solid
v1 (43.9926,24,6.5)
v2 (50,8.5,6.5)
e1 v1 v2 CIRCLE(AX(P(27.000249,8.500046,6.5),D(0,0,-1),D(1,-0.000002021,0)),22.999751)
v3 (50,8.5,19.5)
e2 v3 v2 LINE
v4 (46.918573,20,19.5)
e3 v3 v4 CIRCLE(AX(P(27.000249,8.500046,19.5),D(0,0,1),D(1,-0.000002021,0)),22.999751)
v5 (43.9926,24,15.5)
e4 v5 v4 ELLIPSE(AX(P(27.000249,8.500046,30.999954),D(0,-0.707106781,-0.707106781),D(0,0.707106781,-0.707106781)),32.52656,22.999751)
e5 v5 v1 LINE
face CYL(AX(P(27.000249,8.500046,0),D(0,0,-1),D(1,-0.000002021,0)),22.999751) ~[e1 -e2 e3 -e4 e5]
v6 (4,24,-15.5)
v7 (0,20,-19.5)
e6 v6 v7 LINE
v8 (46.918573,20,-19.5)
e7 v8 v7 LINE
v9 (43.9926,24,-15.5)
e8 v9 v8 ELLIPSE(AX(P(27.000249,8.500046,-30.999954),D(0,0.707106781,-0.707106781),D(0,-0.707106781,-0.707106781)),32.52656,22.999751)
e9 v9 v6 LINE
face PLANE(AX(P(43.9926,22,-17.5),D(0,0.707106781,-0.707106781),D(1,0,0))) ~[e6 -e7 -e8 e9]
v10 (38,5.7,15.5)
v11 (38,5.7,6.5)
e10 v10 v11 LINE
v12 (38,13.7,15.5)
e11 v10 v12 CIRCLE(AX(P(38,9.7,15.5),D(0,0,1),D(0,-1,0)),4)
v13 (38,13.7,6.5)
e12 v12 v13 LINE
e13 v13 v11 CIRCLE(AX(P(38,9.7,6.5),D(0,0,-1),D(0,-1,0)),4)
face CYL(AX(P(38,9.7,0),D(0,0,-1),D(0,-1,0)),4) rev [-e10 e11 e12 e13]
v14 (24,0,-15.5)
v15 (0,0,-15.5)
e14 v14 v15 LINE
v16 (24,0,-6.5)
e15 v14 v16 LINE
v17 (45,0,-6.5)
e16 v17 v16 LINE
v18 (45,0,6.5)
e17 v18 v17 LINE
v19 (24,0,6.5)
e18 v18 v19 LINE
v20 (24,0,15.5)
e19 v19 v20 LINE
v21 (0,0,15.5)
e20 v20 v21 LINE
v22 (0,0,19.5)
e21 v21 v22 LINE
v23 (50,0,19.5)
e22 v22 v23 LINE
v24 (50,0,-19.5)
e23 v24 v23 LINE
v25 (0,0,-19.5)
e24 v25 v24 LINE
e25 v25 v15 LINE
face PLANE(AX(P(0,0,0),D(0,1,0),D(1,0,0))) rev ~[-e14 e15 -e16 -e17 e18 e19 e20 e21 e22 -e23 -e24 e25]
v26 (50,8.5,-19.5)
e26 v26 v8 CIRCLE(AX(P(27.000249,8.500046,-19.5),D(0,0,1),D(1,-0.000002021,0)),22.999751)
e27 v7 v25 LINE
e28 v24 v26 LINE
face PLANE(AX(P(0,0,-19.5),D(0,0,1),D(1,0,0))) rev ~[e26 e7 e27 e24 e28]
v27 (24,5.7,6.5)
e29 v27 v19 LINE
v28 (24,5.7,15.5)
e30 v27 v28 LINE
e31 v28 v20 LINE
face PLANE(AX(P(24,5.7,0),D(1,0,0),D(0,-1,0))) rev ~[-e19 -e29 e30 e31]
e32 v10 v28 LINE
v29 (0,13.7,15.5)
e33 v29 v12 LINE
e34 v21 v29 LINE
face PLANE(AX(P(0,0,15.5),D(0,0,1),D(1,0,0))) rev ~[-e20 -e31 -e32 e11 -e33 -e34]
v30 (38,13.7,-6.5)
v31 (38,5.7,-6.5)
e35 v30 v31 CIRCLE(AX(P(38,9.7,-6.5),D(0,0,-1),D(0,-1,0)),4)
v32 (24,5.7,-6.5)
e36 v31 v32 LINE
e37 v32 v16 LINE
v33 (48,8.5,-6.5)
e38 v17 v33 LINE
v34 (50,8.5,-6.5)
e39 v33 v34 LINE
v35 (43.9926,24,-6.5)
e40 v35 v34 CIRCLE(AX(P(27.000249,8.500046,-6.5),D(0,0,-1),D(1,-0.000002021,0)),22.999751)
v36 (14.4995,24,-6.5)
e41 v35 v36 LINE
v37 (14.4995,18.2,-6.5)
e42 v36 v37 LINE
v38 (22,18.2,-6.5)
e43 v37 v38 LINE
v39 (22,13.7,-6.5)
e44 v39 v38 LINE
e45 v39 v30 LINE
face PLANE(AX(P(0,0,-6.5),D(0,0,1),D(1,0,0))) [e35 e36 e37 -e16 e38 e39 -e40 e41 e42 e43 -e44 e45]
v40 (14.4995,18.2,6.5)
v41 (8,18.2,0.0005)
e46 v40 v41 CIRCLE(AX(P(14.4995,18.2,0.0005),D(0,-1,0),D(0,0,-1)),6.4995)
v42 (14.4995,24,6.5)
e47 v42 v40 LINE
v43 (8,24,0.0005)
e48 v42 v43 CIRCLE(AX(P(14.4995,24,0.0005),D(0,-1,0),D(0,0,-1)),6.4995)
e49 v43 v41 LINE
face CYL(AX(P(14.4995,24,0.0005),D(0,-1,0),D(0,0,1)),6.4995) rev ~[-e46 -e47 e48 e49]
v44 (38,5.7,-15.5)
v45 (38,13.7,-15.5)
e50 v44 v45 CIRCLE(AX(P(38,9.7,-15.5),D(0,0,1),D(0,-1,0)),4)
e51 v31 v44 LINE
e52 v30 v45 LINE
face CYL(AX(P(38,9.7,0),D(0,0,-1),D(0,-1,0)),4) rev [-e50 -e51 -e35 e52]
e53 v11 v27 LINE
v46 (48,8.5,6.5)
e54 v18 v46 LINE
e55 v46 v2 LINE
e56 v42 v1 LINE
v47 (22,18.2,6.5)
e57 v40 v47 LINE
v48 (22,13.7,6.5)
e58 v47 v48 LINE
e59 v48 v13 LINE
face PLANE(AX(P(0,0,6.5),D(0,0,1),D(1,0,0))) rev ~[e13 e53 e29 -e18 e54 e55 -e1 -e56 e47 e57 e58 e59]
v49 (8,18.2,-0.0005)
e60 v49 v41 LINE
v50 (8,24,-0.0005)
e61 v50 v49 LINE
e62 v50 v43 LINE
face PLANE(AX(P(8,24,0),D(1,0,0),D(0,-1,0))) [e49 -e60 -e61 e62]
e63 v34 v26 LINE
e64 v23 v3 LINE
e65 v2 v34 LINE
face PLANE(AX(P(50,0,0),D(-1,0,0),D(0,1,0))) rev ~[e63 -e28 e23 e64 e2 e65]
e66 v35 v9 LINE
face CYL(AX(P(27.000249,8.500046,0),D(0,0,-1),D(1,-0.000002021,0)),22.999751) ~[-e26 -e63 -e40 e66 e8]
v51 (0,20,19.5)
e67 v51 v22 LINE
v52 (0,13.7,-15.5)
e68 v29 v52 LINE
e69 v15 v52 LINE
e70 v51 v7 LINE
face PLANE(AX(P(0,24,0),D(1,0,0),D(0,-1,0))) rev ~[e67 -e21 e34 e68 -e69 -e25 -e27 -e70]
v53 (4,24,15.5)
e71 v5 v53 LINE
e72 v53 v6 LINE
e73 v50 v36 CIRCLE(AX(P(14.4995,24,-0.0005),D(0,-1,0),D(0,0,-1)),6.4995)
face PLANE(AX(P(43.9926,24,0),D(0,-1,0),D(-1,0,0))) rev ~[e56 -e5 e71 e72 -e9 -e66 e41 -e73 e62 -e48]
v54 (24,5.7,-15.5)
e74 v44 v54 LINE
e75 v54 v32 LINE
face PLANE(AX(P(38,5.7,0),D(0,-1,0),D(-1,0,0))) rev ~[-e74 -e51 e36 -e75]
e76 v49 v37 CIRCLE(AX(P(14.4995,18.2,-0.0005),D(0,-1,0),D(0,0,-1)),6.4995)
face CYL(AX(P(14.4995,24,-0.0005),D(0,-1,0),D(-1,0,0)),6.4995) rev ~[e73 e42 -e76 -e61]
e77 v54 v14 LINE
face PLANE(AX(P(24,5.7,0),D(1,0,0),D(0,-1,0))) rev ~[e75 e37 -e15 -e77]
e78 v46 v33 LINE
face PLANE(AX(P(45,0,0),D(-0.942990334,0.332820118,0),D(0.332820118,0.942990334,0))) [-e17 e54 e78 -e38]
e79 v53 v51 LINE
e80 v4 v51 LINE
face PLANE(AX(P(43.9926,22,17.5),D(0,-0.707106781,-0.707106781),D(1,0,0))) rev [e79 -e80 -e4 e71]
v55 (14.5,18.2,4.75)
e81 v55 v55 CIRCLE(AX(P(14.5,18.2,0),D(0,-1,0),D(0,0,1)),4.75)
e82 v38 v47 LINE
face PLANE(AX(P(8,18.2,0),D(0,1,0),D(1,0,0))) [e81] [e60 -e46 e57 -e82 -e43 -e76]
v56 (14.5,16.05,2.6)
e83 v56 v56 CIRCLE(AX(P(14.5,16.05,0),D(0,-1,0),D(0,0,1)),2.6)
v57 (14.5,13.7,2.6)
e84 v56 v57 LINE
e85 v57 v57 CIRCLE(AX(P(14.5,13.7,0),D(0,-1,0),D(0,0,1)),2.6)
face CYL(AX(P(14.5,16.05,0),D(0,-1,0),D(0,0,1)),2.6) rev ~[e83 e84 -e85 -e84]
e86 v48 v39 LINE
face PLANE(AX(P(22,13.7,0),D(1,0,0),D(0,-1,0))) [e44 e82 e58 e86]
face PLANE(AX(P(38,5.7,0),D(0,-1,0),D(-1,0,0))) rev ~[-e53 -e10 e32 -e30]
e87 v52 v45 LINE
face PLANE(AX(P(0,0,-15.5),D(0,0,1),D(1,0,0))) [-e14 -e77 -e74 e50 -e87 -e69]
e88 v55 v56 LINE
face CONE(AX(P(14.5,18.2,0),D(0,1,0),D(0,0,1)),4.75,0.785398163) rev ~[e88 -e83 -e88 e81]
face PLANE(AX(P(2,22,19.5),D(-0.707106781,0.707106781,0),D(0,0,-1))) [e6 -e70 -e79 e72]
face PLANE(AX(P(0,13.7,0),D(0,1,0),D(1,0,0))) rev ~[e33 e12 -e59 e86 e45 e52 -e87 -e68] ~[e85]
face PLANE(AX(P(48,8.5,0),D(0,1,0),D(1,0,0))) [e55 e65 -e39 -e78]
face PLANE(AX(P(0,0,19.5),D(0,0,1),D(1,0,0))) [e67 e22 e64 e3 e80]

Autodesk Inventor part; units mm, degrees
ref_plane "YZ Plane" through (0, 0, 0) normal (1, 0, 0) x (0, 1, 0)
ref_plane "XZ Plane" through (0, 0, 0) normal (0, 1, 0) x (-1, 0, 0)
ref_plane "XY Plane" through (0, 0, 0) normal (0, 0, 1) x (1, 0, 0)
sketch "Sketch1" plane through (0, 0, 0) normal (0, 0, 1) x (1, 0, 0)
  line L0 (0, 0) -> (50, 0)
  line L1 (50, 0) -> (50, 8.5)
  arc A0 (50, 8.5) -> (43.9926, 24) centre (27, 8.5) ccw
  line L2 (43.9926, 24) -> (0, 24)
  line L3 (0, 24) -> (0, 0)
  dimension "d3" = 50
  dimension "d4" = 24
  dimension "d5" = 23
  dimension "d6" = 8.5
extrude "Extrusion1" add sketch "Sketch1" along normal mid plane 39
sketch "Sketch2" plane through (0, 0, 0) normal (0, 0, 1) x (1, 0, 0)
  line L0 (0, 0) -> (0, 24) projected
  line L1 (0, 13.7) -> (38, 13.7)
  arc A0 (38, 5.7) -> (38, 13.7) centre (38, 9.7) ccw
  line L2 (38, 5.7) -> (24, 5.7)
  line L3 (24, 5.7) -> (24, 0)
  line L4 (50, 0) -> (0, 0) projected
  line L5 (24, 0) -> (0, 0)
  line L6 (0, 0) -> (0, 13.7)
  dimension "d9" = 5.7
  dimension "d10" = 26
  dimension "d11" = 4
  dimension "d12" = 38
extrude "Extrusion2" cut sketch "Sketch2" along normal mid plane 31
sketch "Sketch3" plane through (0, 0, 0) normal (0, 0, 1) x (1, 0, 0)
  line L0 (0, 24) -> (43.9926, 24) projected
  line L1 (8, 24) -> (8, 18.2)
  line L2 (8, 18.2) -> (22, 18.2)
  line L3 (22, 18.2) -> (22, 0)
  line L4 (50, 0) -> (0, 0) projected
  line L5 (45, 0) -> (48, 8.5)
  line L6 (48, 8.5) -> (50, 8.5)
  line L7 (50, 8.5) -> (50, 0) projected
  line L8 (50, 24) -> (50, 8.5)
  line L9 (8, 24) -> (50, 24)
  line L10 (0, 13.7) -> (38, 13.7) projected
  dimension "d15" = 4.5
  dimension "d16" = 5
  dimension "d17" = 2
  dimension "d19" = 8.5
  dimension "d20" = 42
  dimension "d31" = 28
extrude "Extrusion3" cut sketch "Sketch3" along normal mid plane 13 contours L0 L9 L8 L6 L5 L4 L3 L2 L1
fillet "Fillet1" radius 6.5 2 edges at (8, 21.1, 6.5) (8, 21.1, -6.5)
sketch "Sketch4" plane through (22, 18.2, 6.5) normal (0, 1, 0) x (1, 0, 0)
  arc A0 (-7.5, 13) -> (-7.5, 0) centre (-7.5, 6.5) ccw projected
  point P0 (-22, 6.5)
hole "Hole1" at (14.5, 18.2, 0) direction (0, -1, 0) diameter 5.2 end through all countersink diameter 9.5 countersink angle 90
chamfer "Chamfer1" distance 4 angle 45 3 edges at (0, 24, 0) (21.9963, 24, -19.5) (21.9963, 24, 19.5)
properties material "Steel, Carbon"
